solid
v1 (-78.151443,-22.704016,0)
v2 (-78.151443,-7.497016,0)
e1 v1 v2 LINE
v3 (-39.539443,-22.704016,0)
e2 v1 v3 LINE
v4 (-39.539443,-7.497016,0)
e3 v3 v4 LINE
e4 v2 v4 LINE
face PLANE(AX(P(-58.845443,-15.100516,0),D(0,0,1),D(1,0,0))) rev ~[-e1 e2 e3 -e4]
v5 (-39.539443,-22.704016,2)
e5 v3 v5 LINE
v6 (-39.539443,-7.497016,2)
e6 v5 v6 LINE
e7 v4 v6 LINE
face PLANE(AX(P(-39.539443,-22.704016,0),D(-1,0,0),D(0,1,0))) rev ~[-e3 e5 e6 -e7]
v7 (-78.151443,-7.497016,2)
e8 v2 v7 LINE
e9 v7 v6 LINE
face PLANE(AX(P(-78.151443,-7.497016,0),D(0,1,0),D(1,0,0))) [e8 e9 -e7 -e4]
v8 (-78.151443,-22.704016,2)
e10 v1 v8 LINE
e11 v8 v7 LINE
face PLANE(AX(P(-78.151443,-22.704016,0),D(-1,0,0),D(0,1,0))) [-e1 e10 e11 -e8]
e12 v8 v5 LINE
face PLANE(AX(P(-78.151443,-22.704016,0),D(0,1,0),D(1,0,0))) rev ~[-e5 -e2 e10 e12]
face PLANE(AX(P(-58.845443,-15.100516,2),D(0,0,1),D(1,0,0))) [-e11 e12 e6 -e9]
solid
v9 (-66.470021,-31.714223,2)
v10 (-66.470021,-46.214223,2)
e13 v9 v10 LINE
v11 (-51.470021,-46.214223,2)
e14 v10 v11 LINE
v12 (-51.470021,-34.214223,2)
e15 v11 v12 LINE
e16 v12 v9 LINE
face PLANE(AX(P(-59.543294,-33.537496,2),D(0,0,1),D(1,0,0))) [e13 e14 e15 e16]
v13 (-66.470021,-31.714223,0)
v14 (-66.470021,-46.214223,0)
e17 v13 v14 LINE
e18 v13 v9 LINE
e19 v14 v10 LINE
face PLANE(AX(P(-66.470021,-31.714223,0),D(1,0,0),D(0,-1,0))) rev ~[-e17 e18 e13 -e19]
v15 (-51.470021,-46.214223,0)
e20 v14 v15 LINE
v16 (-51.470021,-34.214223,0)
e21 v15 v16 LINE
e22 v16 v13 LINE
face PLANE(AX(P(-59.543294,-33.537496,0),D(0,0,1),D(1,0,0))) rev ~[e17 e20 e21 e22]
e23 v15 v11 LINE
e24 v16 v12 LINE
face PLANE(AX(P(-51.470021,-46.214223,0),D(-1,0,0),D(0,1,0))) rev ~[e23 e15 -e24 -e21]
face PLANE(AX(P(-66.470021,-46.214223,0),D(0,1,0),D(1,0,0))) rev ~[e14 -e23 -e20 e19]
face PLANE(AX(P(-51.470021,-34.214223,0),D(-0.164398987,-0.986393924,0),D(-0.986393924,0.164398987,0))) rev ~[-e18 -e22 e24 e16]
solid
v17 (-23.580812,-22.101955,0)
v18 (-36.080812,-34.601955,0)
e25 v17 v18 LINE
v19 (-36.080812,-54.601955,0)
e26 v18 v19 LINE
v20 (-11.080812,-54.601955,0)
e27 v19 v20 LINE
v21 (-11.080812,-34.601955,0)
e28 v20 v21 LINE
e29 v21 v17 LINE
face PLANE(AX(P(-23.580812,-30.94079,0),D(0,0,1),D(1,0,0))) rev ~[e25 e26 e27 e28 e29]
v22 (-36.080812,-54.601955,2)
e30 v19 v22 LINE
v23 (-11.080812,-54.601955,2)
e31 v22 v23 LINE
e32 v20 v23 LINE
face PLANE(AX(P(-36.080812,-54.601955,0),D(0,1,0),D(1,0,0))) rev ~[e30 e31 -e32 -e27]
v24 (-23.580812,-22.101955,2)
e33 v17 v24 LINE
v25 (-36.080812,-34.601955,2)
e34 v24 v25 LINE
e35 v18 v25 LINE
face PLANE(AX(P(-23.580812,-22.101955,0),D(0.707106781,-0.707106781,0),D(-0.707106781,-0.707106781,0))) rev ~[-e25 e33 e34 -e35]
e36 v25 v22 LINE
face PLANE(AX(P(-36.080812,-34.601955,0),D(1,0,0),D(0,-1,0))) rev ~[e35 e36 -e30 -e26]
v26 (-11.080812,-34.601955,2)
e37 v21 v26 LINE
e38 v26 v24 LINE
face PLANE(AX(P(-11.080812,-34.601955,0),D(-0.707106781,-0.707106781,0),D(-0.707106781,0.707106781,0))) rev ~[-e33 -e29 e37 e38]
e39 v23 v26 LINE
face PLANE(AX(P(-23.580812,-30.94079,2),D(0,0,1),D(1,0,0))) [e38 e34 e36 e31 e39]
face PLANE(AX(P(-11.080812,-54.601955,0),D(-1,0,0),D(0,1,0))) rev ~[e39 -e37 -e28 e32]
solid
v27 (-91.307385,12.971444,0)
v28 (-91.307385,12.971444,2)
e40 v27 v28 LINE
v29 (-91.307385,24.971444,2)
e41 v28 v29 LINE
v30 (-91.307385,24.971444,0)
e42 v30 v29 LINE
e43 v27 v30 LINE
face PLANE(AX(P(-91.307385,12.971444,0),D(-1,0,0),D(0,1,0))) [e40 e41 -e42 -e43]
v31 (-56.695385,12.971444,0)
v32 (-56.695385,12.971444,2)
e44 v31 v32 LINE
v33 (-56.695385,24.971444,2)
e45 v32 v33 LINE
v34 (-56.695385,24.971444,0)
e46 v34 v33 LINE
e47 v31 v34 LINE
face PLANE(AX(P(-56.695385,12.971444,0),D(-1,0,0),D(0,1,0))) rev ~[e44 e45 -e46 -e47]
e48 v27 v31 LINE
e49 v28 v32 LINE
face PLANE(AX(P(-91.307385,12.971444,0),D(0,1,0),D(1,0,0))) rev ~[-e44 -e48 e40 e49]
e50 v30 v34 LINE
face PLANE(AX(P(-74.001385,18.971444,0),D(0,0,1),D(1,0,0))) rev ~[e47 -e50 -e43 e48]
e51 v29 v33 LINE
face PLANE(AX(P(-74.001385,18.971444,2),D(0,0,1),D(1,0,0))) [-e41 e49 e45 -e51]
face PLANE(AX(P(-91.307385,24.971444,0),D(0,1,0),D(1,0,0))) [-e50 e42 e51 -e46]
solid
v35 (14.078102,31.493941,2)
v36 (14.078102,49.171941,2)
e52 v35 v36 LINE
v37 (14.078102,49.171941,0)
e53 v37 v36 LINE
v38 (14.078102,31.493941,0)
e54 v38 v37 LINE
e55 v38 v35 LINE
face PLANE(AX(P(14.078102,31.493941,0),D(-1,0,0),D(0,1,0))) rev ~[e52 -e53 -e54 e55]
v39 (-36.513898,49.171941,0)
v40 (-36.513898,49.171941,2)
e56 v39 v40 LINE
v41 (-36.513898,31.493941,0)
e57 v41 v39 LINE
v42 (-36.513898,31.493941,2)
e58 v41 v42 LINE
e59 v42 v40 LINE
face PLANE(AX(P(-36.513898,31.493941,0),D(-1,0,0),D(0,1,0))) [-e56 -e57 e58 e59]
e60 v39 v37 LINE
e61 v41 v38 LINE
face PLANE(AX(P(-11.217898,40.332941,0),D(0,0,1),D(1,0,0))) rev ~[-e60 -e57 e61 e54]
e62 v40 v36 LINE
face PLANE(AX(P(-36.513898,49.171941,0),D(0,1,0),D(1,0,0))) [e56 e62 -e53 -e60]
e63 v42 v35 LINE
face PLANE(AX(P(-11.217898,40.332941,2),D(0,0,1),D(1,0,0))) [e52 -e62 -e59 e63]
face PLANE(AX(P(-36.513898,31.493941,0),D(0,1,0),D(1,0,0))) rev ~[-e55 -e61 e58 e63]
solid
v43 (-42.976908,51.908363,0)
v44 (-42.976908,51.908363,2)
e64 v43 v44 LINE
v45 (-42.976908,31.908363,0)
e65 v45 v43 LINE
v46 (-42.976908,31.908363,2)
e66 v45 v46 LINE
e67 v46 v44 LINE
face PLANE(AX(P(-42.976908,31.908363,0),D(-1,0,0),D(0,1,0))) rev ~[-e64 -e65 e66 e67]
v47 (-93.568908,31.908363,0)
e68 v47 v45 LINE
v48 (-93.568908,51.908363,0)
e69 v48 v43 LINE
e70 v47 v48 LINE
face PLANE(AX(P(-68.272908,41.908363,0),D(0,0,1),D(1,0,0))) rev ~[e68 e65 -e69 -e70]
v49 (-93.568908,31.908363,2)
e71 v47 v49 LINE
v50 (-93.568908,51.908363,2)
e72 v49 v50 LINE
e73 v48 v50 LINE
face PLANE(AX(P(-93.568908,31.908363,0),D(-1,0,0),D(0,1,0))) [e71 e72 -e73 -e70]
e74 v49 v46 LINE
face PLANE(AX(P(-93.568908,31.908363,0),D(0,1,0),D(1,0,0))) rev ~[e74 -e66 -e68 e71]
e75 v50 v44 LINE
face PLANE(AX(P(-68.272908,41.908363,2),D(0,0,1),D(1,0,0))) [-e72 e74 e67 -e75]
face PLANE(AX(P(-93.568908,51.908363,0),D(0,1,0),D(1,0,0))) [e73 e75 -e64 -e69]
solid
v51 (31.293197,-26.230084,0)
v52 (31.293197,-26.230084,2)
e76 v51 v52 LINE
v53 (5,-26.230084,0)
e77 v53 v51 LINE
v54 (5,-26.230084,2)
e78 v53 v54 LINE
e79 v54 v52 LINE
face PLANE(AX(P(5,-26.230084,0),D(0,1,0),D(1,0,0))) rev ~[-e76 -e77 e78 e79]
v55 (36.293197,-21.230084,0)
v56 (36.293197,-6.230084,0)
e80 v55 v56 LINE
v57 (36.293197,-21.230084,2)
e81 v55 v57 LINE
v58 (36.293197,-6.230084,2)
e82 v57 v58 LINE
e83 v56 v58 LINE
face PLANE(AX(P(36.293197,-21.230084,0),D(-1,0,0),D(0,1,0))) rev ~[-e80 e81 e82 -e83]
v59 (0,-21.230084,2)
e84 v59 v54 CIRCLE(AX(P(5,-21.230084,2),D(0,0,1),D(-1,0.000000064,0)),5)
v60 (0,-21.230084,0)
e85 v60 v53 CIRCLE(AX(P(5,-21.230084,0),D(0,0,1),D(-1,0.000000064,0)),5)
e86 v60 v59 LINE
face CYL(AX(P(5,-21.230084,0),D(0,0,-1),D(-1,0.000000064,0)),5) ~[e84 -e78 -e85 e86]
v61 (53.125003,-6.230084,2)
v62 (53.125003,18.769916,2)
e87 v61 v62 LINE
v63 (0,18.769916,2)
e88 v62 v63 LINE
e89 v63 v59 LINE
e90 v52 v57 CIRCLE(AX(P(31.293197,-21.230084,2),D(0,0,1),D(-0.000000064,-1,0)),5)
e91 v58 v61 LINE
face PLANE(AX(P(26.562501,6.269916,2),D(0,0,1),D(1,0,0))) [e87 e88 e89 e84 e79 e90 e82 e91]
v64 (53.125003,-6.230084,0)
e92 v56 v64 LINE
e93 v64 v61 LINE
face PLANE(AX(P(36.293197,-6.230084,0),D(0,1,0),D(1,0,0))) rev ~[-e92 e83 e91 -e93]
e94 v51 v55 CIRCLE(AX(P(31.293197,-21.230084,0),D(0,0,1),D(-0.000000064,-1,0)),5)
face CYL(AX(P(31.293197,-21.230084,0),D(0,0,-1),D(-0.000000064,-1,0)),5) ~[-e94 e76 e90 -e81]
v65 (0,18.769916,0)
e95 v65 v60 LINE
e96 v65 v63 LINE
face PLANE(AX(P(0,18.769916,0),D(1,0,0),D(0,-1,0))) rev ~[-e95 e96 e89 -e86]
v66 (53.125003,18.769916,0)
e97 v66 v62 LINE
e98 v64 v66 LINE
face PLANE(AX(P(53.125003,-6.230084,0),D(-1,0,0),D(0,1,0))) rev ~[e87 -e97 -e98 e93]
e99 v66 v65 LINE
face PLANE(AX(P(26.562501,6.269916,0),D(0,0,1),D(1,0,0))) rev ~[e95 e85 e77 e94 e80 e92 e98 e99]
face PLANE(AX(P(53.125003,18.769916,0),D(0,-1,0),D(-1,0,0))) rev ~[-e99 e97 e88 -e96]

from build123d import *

# Parameters (mm, degrees)
F0_W      = 50.592
F0_H      = 20
F1_DEPTH  = 2
F2_W      = 34.612
F2_H      = 12
F3_DEPTH  = 2
F4_W      = 50.592
F4_H      = 17.678
F5_DEPTH  = 2
F7_DEPTH  = 2
F8_W      = 38.612
F8_H      = 15.207
F10_DEPTH = 2
F9_W      = 15
F9_H      = 12
F11_DEPTH = 2
F13_DEPTH = 2


with BuildPart() as f1:
    # F0 (on Top) → F1 (new body)
    with BuildSketch(Plane.XY):
        with Locations((-68.272908, 41.908363)):
            Rectangle(F0_W, F0_H)
    extrude(amount=F1_DEPTH)


with BuildPart() as f3:
    # F2 (on Top) → F3 (new body)
    with BuildSketch(Plane.XY):
        with Locations((-74.001385, 18.971444)):
            Rectangle(F2_W, F2_H)
    extrude(amount=F3_DEPTH)


with BuildPart() as f5:
    # F4 (on Top) → F5 (new body)
    with BuildSketch(Plane.XY):
        with Locations((-11.217898, 40.332941)):
            Rectangle(F4_W, F4_H)
    extrude(amount=F5_DEPTH)


with BuildPart() as f7:
    # F6 (on Top) → F7 (new body)
    with BuildSketch(Plane.XY):
        Polygon((53.125003, 18.769916), (0, 18.769916), (0, -6.230084), (36.293197, -6.230084), (53.125003, -6.230084), align=None)
        with BuildLine():
            Line((36.293197, -6.230084), (0, -6.230084))
            Line((0, -6.230084), (0, -21.230084))
            ThreePointArc((0, -21.230084), (1.464466, -24.765618), (5, -26.230084))
            Line((5, -26.230084), (31.293197, -26.230084))
            ThreePointArc((31.293197, -26.230084), (34.828731, -24.765618), (36.293197, -21.230084))
            Line((36.293197, -21.230084), (36.293197, -6.230084))
        make_face()
    extrude(amount=F7_DEPTH)


with BuildPart() as f10:
    # F8 (on Top) → F10 (new body)
    with BuildSketch(Plane.XY):
        with Locations((-58.845443, -15.100516)):
            Rectangle(F8_W, F8_H)
    extrude(amount=F10_DEPTH)


with BuildPart() as f11:
    # F9 (on Top) → F11 (new body)
    with BuildSketch(Plane.XY):
        Polygon((-66.470021, -31.714223), (-66.470021, -34.214223), (-51.470021, -34.214223), align=None)
        with Locations((-58.970021, -40.214223)):
            Rectangle(F9_W, F9_H)
    extrude(amount=F11_DEPTH)


with BuildPart() as f13:
    # F12 (on Top) → F13 (new body)
    with BuildSketch(Plane.XY):
        Polygon((-23.580812, -22.101955), (-36.080812, -34.601955), (-23.580812, -34.601955), (-11.080812, -34.601955), align=None)
        Polygon((-23.580812, -34.601955), (-36.080812, -34.601955), (-36.080812, -54.601955), (-11.080812, -54.601955), (-11.080812, -34.601955), align=None)
    extrude(amount=F13_DEPTH)


solid = Compound([f1.part, f3.part, f5.part, f7.part, f10.part, f11.part, f13.part])
